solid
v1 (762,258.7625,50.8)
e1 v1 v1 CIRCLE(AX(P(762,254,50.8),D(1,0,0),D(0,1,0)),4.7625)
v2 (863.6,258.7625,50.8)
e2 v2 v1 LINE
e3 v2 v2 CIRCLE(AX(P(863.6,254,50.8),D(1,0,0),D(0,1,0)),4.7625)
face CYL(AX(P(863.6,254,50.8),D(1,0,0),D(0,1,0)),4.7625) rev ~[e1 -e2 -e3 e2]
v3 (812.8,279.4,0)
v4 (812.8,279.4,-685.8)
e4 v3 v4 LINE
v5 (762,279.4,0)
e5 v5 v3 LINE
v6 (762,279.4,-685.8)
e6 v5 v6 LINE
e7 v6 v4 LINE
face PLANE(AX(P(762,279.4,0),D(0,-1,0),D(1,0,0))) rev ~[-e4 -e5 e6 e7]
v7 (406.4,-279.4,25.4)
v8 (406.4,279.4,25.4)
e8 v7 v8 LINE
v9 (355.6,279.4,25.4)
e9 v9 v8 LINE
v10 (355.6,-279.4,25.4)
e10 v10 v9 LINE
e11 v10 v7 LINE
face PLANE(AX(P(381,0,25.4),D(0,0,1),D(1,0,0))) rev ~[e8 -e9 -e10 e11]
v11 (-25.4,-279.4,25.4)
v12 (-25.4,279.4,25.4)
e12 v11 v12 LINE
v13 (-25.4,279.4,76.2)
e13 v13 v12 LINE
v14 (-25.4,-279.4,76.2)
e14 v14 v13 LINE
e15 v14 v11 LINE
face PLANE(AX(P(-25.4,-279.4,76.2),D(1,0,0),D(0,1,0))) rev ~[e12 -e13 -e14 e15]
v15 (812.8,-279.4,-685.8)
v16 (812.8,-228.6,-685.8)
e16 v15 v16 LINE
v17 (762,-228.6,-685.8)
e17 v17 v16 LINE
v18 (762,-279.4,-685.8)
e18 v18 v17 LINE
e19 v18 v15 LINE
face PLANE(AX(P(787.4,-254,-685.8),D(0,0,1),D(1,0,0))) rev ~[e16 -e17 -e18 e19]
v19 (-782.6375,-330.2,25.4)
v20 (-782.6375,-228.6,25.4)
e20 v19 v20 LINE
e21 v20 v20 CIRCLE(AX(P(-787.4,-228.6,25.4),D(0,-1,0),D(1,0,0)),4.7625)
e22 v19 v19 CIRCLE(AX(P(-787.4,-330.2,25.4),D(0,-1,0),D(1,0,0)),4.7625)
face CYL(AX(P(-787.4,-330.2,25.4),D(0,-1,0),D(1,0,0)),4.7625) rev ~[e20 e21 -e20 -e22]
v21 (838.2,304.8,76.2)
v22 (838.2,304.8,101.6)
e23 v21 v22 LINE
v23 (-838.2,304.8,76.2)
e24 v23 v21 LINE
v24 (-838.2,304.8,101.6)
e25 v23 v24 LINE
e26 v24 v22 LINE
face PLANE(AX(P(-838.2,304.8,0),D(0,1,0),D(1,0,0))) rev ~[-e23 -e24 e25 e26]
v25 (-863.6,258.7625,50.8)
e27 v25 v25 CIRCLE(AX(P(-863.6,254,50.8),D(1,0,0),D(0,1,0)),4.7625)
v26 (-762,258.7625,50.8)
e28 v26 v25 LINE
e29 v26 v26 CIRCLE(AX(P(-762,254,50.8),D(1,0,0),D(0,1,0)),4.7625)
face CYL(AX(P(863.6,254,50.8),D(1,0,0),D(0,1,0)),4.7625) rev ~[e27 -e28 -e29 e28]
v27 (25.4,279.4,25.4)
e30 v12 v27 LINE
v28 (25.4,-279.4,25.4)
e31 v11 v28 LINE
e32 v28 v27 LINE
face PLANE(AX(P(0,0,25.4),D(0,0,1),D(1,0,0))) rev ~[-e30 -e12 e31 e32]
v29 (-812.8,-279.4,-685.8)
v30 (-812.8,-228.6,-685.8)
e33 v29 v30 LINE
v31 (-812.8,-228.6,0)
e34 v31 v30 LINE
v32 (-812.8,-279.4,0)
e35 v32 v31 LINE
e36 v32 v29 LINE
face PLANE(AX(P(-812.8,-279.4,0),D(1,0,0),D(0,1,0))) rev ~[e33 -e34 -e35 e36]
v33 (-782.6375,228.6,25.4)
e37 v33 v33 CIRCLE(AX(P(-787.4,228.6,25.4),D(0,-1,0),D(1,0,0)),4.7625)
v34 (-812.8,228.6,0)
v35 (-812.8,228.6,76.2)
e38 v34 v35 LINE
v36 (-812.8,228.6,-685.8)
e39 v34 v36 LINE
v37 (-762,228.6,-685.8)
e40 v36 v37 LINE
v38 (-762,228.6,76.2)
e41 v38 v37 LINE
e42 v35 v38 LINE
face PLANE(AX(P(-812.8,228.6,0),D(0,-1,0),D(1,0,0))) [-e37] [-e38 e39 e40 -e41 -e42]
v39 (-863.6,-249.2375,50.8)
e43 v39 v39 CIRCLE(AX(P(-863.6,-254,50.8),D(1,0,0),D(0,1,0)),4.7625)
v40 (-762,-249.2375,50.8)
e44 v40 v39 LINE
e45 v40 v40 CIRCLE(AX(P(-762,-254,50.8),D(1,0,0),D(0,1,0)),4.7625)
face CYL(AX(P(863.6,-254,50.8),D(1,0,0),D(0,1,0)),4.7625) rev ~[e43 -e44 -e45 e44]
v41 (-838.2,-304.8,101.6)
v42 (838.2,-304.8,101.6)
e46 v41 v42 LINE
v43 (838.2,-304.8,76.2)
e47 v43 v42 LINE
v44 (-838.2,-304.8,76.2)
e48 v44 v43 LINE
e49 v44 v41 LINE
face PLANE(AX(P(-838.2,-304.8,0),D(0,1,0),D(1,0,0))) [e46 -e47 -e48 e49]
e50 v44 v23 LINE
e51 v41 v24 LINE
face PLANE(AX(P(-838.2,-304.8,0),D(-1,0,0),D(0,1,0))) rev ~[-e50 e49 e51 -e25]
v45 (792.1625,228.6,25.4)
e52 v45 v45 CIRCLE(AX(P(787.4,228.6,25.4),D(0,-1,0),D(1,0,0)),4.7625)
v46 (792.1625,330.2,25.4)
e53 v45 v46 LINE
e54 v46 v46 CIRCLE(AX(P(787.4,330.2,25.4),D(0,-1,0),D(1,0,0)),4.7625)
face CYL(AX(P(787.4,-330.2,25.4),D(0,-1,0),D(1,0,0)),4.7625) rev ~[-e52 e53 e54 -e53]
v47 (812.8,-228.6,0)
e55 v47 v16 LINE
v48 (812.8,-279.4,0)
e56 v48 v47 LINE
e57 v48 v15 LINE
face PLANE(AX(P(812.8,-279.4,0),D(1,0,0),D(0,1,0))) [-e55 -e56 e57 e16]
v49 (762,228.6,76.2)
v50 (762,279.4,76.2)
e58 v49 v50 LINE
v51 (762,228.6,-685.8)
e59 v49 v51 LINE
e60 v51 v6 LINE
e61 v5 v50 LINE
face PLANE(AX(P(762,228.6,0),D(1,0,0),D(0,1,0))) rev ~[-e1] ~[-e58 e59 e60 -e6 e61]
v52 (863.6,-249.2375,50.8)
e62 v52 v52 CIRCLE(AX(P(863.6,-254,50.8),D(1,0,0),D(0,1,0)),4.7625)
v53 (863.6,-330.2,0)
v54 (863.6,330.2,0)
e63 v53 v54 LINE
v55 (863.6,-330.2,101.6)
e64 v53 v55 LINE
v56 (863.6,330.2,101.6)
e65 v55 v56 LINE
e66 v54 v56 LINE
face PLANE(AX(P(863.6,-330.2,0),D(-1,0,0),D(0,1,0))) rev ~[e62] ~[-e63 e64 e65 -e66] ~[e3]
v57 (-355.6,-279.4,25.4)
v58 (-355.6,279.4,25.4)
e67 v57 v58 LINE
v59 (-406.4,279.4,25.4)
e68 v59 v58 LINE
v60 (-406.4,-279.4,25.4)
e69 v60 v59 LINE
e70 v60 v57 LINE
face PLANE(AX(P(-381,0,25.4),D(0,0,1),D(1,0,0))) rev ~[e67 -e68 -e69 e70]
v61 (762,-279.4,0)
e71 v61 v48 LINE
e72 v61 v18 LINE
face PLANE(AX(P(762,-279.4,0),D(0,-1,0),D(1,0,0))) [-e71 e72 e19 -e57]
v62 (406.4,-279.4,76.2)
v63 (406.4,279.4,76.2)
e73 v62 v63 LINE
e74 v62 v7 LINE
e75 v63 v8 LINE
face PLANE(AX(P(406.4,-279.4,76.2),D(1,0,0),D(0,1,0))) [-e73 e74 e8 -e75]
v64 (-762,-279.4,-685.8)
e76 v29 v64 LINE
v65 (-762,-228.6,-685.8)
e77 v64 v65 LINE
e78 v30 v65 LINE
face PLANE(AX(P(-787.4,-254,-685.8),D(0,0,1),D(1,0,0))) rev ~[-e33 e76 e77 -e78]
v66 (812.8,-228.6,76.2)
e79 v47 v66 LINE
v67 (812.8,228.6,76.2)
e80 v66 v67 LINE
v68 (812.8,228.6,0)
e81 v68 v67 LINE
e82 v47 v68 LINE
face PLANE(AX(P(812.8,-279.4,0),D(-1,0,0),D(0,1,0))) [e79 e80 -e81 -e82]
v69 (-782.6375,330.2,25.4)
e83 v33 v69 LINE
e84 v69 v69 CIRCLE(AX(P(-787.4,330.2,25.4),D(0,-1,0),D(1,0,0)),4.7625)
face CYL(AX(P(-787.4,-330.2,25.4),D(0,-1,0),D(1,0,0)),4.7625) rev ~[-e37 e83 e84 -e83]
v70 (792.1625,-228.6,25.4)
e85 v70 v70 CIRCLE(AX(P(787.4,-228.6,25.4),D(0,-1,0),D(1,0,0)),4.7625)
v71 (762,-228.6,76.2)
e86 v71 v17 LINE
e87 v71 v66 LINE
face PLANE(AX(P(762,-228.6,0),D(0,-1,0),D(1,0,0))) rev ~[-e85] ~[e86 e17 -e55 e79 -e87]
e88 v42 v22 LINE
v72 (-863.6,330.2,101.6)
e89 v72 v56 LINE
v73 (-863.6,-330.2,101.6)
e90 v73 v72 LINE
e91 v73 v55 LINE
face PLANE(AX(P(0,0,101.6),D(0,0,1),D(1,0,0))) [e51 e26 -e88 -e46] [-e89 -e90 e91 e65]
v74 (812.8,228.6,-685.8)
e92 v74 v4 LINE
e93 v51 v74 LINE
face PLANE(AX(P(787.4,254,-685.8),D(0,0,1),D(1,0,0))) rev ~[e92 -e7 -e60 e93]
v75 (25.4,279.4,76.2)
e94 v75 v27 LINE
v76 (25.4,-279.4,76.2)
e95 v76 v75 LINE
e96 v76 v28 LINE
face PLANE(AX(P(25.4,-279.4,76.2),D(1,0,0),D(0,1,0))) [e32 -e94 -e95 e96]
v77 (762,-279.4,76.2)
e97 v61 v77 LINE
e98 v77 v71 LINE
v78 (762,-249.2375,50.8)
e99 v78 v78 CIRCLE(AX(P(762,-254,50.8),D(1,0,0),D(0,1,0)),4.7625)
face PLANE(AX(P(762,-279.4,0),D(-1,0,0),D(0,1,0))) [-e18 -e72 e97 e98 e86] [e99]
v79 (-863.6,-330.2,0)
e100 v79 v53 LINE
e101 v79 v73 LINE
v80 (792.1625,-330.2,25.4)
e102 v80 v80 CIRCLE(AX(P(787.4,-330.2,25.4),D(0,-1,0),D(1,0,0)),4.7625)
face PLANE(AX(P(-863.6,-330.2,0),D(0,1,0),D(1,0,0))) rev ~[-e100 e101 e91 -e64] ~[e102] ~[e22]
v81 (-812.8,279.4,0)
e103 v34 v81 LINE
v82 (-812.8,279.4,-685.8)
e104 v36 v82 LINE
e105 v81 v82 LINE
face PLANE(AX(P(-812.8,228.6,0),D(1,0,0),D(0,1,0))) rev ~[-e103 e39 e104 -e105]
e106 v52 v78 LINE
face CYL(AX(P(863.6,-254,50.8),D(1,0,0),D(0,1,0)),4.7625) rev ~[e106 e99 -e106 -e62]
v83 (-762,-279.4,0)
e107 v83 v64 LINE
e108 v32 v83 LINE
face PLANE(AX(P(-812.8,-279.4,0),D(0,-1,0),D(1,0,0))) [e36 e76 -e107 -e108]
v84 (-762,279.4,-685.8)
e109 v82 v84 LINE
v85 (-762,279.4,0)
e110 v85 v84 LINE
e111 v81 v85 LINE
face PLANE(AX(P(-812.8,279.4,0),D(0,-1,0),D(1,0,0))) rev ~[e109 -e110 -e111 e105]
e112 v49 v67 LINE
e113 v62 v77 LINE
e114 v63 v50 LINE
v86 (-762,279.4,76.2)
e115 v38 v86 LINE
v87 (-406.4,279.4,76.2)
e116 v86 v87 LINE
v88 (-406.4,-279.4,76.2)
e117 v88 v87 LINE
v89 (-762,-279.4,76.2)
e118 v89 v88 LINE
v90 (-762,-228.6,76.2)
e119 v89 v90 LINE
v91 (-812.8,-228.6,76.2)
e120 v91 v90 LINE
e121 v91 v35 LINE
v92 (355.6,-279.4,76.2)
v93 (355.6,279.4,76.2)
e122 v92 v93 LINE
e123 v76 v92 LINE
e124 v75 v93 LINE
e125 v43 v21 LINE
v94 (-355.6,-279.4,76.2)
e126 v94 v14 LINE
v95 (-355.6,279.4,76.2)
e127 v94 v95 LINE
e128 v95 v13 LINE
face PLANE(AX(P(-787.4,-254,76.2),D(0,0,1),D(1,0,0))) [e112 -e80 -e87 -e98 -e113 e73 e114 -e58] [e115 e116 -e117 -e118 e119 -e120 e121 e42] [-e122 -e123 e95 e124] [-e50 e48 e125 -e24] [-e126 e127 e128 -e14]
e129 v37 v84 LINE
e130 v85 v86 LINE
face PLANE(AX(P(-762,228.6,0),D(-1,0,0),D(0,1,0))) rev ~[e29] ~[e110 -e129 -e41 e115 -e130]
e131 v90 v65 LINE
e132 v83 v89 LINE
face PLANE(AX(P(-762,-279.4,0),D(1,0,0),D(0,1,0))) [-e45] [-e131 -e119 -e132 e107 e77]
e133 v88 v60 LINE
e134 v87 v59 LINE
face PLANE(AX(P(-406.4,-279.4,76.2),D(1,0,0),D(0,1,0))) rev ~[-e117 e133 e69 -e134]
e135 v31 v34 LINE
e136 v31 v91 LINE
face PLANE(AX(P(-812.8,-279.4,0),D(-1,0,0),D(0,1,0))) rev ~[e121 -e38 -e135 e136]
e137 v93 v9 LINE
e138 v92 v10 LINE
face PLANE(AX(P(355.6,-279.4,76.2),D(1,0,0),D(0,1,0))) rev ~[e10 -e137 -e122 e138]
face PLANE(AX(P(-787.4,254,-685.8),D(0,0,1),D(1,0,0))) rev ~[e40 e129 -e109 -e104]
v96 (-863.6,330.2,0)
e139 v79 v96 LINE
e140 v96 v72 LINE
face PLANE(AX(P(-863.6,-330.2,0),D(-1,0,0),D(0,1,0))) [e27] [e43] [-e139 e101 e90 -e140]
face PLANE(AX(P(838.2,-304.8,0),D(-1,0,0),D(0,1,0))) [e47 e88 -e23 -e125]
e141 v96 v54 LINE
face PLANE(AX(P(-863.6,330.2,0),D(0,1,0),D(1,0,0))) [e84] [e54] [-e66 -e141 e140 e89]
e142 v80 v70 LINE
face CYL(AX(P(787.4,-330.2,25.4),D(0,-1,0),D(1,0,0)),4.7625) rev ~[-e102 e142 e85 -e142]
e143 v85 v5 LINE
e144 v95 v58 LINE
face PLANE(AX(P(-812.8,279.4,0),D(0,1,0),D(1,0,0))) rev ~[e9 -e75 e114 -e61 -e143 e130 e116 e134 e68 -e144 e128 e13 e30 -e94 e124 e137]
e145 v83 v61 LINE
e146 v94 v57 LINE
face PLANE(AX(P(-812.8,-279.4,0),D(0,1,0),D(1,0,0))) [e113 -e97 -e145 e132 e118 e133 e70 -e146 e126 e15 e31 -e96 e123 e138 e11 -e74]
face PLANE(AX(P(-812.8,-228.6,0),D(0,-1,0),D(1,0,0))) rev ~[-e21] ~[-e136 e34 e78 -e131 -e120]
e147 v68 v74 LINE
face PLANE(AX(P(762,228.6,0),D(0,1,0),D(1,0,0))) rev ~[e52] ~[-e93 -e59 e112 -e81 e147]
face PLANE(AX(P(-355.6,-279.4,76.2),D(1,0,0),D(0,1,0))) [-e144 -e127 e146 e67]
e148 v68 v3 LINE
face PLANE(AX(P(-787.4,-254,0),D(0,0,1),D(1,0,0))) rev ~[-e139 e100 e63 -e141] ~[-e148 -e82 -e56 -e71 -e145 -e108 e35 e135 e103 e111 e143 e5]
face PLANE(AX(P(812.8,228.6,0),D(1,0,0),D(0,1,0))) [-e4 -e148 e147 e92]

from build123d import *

# Parameters (mm, degrees)
F0_W          = 1727.2
F0_H          = 660.4
F0_W_2        = 1676.4
F0_H_2        = 609.6
F1_DEPTH      = 101.6
F2_W          = 1676.4
F2_H          = 609.6
F2_W_2        = 1625.6
F2_H_2        = 558.8
F3_DEPTH      = 76.2
F4_W          = 50.8
F4_H          = 50.8
F5_DEPTH      = 76.2
F5_DEPTH_BACK = 685.8
F6_R          = 4.7625
F7_DEPTH      = 1727.201
F8_R          = 4.7625
F9_DEPTH      = 660.401
F10_W         = 50.8
F10_H         = 558.8
F11_DEPTH     = 50.8


with BuildPart() as f1:
    # F0 (on Top) → F1 (new body)
    with BuildSketch(Plane.XY):
        Rectangle(F0_W, F0_H)
        Rectangle(F0_W_2, F0_H_2, mode=Mode.SUBTRACT)
    extrude(amount=F1_DEPTH)

    # F2 (on Top) → F3 (join)
    with BuildSketch(Plane.XY):
        Rectangle(F2_W, F2_H)
        Rectangle(F2_W_2, F2_H_2, mode=Mode.SUBTRACT)
    extrude(amount=F3_DEPTH)

    # F4 (on Top) → F5 (join, two sides)
    with BuildSketch(Plane.XY) as f5_sk:
        with Locations((-787.4, -254)):
            Rectangle(F4_W, F4_H)
        with Locations((-787.4, 254)):
            Rectangle(F4_W, F4_H)
        with Locations((787.4, -254)):
            Rectangle(F4_W, F4_H)
        with Locations((787.4, 254)):
            Rectangle(F4_W, F4_H)
    extrude(amount=F5_DEPTH)
    extrude(f5_sk.sketch, amount=-F5_DEPTH_BACK)

    # F6 (on face) → F7 (cut, through all)
    with BuildSketch(Plane.YZ.offset(863.6)):
        with Locations((-254, 50.8)):
            Circle(F6_R)
        with Locations((254, 50.8)):
            Circle(F6_R)
    extrude(amount=-F7_DEPTH, mode=Mode.SUBTRACT)

    # F8 (on face) → F9 (cut, through all)
    with BuildSketch(Plane.XZ.offset(330.2)):
        with Locations((-787.4, 25.4)):
            Circle(F8_R)
        with Locations((787.4, 25.4)):
            Circle(F8_R)
    extrude(amount=-F9_DEPTH, mode=Mode.SUBTRACT)

    # F10 (on face) → F11 (join)
    with BuildSketch(Plane.XY.offset(76.2)):
        with Locations((-381, 0)):
            Rectangle(F10_W, F10_H)
        with Locations((381, 0)):
            Rectangle(F10_W, F10_H)
        Rectangle(F10_W, F10_H)
    extrude(amount=-F11_DEPTH)


solid = f1.part
